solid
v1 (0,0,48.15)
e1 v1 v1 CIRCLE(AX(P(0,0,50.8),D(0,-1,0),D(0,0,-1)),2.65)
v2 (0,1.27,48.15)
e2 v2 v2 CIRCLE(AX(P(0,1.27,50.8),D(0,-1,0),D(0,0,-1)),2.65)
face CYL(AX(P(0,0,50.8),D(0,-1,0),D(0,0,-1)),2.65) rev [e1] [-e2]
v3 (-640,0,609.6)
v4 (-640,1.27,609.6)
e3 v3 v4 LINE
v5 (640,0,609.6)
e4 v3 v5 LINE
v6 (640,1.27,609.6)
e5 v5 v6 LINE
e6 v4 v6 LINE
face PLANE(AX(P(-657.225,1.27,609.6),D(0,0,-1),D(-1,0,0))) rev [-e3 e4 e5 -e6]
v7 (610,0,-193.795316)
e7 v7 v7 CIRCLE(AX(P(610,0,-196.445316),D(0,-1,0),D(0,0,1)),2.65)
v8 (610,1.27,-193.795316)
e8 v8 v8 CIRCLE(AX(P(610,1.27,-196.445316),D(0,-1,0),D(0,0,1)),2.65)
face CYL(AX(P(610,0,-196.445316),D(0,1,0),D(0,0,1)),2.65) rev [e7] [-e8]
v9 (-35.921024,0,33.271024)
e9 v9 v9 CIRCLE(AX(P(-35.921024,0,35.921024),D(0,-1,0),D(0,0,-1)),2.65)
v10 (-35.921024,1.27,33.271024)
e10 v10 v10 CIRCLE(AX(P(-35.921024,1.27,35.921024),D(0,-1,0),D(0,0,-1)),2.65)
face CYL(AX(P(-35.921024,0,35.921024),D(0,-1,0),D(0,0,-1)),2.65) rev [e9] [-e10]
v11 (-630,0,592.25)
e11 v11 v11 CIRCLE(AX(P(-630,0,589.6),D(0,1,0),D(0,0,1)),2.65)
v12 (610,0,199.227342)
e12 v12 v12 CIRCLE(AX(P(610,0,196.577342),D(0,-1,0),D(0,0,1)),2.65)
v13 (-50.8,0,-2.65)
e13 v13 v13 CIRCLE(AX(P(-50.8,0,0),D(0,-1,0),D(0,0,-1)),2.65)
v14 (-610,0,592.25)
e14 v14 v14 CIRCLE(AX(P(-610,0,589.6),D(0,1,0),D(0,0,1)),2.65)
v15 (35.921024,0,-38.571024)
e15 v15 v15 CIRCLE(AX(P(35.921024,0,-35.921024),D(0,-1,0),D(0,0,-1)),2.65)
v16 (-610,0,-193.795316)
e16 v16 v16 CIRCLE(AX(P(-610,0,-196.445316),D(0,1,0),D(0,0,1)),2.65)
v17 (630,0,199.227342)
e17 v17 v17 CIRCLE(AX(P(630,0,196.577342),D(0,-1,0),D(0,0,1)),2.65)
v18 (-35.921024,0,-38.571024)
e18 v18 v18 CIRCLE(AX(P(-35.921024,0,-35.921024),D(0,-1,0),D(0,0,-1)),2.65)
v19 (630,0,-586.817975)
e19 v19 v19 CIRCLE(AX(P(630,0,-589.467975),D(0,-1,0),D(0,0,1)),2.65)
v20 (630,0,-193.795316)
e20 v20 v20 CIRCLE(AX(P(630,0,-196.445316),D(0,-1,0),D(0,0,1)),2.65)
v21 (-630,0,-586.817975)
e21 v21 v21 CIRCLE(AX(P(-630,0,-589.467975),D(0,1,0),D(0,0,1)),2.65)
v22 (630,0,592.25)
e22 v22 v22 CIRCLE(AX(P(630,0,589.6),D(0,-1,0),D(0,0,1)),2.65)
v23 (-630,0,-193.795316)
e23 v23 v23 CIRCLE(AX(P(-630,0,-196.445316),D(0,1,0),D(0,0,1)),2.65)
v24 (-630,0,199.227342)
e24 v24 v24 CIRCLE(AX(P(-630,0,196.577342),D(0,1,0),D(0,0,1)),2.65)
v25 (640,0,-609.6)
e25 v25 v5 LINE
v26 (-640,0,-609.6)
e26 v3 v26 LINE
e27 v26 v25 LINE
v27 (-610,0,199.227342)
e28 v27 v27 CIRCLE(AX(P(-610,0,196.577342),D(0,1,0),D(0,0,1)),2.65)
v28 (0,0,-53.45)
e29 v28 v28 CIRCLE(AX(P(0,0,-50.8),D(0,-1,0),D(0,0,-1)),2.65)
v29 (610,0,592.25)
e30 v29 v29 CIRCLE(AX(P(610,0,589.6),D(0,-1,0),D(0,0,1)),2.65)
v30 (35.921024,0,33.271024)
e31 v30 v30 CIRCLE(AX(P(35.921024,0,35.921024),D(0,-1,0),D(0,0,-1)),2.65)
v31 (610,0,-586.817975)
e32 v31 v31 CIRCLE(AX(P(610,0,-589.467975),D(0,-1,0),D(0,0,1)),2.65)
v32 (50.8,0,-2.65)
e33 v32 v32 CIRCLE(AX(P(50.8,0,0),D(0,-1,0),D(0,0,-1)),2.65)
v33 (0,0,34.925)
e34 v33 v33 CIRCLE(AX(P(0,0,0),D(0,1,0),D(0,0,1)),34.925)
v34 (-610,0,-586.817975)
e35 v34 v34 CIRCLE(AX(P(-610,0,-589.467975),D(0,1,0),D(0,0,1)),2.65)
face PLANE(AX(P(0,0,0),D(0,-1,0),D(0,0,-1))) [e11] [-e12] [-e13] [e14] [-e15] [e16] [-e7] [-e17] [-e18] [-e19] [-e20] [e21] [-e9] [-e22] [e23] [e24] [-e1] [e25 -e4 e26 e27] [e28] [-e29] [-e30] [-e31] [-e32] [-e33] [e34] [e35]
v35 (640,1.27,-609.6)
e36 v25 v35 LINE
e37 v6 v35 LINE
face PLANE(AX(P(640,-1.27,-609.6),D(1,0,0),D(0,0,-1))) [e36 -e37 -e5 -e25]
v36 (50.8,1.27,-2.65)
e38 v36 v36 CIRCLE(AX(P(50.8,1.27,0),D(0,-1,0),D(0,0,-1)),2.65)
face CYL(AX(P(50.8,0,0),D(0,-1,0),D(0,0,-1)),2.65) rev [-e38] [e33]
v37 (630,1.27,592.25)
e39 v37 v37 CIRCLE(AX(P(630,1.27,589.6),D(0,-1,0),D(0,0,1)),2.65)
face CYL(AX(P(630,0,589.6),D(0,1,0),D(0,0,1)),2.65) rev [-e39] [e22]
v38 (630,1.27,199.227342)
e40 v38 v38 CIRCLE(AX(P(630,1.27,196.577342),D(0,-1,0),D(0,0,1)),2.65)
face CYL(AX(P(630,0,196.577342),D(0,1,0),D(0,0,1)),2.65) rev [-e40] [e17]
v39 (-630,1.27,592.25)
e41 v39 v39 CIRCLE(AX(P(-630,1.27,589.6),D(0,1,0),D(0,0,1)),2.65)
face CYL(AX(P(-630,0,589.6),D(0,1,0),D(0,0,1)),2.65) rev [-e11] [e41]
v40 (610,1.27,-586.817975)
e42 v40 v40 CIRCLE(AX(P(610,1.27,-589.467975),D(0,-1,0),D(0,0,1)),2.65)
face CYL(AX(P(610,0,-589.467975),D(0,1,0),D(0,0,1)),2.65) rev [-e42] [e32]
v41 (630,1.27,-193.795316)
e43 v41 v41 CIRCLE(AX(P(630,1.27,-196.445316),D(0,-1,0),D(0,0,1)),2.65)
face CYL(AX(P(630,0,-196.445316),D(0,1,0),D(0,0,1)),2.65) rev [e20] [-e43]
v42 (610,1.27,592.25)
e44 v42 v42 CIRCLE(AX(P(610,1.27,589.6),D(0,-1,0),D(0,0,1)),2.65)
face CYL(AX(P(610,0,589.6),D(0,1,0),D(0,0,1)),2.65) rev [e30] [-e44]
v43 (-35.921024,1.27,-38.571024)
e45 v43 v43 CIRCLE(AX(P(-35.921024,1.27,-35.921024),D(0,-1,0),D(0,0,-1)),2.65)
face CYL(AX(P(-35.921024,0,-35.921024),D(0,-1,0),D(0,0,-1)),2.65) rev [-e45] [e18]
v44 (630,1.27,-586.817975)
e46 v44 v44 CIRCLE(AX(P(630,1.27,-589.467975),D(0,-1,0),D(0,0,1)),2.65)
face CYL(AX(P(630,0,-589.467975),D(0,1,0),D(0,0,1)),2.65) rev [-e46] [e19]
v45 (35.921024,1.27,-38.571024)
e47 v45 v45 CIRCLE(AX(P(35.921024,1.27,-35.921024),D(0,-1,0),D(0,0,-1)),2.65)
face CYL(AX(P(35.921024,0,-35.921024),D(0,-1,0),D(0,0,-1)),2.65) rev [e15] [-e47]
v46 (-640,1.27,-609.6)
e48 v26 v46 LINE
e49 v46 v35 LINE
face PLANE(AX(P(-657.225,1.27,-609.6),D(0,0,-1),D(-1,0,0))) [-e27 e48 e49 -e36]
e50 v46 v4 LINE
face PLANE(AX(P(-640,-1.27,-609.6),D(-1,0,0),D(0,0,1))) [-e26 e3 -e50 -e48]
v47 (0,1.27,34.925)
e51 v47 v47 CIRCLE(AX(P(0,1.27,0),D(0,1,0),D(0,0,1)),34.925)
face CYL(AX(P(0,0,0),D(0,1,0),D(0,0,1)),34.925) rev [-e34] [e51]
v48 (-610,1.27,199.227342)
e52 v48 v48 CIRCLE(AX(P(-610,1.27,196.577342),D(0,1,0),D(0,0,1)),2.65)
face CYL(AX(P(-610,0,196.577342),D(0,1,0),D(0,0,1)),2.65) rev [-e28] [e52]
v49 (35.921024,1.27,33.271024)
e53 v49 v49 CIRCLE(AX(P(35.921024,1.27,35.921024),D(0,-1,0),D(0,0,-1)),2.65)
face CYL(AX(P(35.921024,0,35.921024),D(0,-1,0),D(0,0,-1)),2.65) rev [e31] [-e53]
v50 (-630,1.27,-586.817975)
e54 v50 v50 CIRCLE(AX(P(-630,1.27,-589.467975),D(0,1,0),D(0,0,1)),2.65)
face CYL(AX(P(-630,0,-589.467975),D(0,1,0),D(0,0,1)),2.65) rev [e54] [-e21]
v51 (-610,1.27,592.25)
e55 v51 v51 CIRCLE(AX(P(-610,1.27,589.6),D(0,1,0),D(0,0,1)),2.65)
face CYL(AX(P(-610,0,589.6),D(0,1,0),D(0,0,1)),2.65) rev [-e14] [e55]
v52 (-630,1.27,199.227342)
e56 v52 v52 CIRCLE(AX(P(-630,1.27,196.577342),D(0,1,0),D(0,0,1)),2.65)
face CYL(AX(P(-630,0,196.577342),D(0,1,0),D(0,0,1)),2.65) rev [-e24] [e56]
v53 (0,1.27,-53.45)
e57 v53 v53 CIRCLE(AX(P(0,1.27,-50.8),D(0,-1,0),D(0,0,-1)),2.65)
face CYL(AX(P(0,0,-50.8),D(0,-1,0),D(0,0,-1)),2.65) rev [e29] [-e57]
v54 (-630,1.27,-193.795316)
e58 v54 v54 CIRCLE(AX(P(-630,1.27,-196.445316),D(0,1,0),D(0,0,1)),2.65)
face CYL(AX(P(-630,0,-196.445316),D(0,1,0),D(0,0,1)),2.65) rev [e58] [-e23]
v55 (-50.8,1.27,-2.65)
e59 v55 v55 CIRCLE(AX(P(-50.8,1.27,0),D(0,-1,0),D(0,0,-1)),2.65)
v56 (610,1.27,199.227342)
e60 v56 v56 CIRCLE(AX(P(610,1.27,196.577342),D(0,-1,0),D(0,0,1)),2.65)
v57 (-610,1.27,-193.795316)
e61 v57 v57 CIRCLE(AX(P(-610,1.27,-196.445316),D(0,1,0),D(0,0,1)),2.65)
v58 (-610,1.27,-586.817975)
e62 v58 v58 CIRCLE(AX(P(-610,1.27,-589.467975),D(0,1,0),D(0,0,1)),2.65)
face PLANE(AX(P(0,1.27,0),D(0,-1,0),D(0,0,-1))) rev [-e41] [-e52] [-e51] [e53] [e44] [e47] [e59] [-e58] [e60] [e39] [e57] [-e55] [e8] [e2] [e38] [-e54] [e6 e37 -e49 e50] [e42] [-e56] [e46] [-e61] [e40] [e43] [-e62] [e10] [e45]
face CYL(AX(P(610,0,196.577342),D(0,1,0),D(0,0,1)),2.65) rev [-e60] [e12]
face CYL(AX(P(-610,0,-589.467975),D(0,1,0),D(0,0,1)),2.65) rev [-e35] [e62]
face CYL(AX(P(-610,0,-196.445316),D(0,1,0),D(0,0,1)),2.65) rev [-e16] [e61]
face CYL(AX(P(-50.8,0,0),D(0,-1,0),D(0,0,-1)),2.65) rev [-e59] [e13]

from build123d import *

# Parameters (mm, degrees)
SKETCH1_W               = 1314.45
SKETCH1_H               = 1219.2
BOSS_EXTRUDE1_DEPTH     = 1.27
SKETCH2_OUTSIDE_W       = 1675.016
SKETCH2_OUTSIDE_H       = 1579.766
SKETCH2_OUTSIDE_W_2     = 1280
SKETCH2_OUTSIDE_H_2     = 1219.2
CUT_EXTRUDE1_DEPTH      = 2.54
SKETCH3_R               = 2.65
CUT_EXTRUDE2_DEPTH      = 884.862983103
LPATTERN2_COUNT         = 4
LPATTERN2_PITCH         = 393.0226582
LPATTERN2_COUNT_DIR2    = 2
LPATTERN2_PITCH_DIR2    = 20
MIRROR1_COPY_1_SKETCH_R = 2.65
MIRROR1_COPY_1_DEPTH    = 884.862983103
MIRROR1_COPY_2_SKETCH_R = 2.65
MIRROR1_COPY_2_DEPTH    = 884.862983103
MIRROR1_COPY_3_SKETCH_R = 2.65
MIRROR1_COPY_3_DEPTH    = 884.862983103
MIRROR1_COPY_4_SKETCH_R = 2.65
MIRROR1_COPY_4_DEPTH    = 884.862983103
MIRROR1_COPY_5_SKETCH_R = 2.65
MIRROR1_COPY_5_DEPTH    = 884.862983103
MIRROR1_COPY_6_SKETCH_R = 2.65
MIRROR1_COPY_6_DEPTH    = 884.862983103
MIRROR1_COPY_7_SKETCH_R = 2.65
MIRROR1_COPY_7_DEPTH    = 884.862983103
MIRROR1_COPY_8_SKETCH_R = 2.65
MIRROR1_COPY_8_DEPTH    = 884.862983103
SKETCH5_R               = 34.925
CUT_EXTRUDE4_DEPTH      = 884.862983103
F_1_0MM_DOWEL_HOLE2_D   = 5.3
CIRPATTERN1_COUNT       = 8


with BuildPart() as part:
    # Sketch1 → Boss-Extrude1 (new body)
    with BuildSketch(Plane(origin=(0, 0, 0), x_dir=(1, 0, 0), z_dir=(0, 1, 0))):
        Rectangle(SKETCH1_W, SKETCH1_H)
    extrude(amount=BOSS_EXTRUDE1_DEPTH)

    # Sketch2 outside → Cut-Extrude1 (cut)
    with BuildSketch(Plane(origin=(0, 1.27, 0), x_dir=(1, 0, 0), z_dir=(0, 1, 0))):
        Rectangle(SKETCH2_OUTSIDE_W, SKETCH2_OUTSIDE_H)
        Rectangle(SKETCH2_OUTSIDE_W_2, SKETCH2_OUTSIDE_H_2, mode=Mode.SUBTRACT)
    extrude(amount=-CUT_EXTRUDE1_DEPTH, mode=Mode.SUBTRACT)

    # Sketch3 → Cut-Extrude2 (cut, through all)
    with BuildSketch(Plane(origin=(0, 1.27, 0), x_dir=(1, 0, 0), z_dir=(0, 1, 0))):
        with Locations((-630, -589.6)):
            Circle(SKETCH3_R)
    cut_extrude2 = extrude(amount=-CUT_EXTRUDE2_DEPTH, mode=Mode.SUBTRACT)

    # LPattern2: Cut-Extrude2 4 × 2
    with Locations(*[(j * LPATTERN2_PITCH_DIR2, 0, -i * LPATTERN2_PITCH) for i in range(LPATTERN2_COUNT) for j in range(LPATTERN2_COUNT_DIR2) if (i, j) != (0, 0)]):
        add(cut_extrude2, mode=Mode.SUBTRACT)

    # Mirror1 copy 1 sketch → Mirror1 copy 1 (cut, through all)
    with BuildSketch(Plane(origin=(-20, 1.27, 0), x_dir=(-1, 0, 0), z_dir=(0, 1, 0))):
        with Locations((-630, 589.6)):
            Circle(MIRROR1_COPY_1_SKETCH_R)
    extrude(amount=-MIRROR1_COPY_1_DEPTH, mode=Mode.SUBTRACT)

    # Mirror1 copy 2 sketch → Mirror1 copy 2 (cut, through all)
    with BuildSketch(Plane(origin=(0, 1.27, -393.0226582), x_dir=(-1, 0, 0), z_dir=(0, 1, 0))):
        with Locations((-630, 589.6)):
            Circle(MIRROR1_COPY_2_SKETCH_R)
    extrude(amount=-MIRROR1_COPY_2_DEPTH, mode=Mode.SUBTRACT)

    # Mirror1 copy 3 sketch → Mirror1 copy 3 (cut, through all)
    with BuildSketch(Plane(origin=(-20, 1.27, -393.0226582), x_dir=(-1, 0, 0), z_dir=(0, 1, 0))):
        with Locations((-630, 589.6)):
            Circle(MIRROR1_COPY_3_SKETCH_R)
    extrude(amount=-MIRROR1_COPY_3_DEPTH, mode=Mode.SUBTRACT)

    # Mirror1 copy 4 sketch → Mirror1 copy 4 (cut, through all)
    with BuildSketch(Plane(origin=(0, 1.27, -786.0453164), x_dir=(-1, 0, 0), z_dir=(0, 1, 0))):
        with Locations((-630, 589.6)):
            Circle(MIRROR1_COPY_4_SKETCH_R)
    extrude(amount=-MIRROR1_COPY_4_DEPTH, mode=Mode.SUBTRACT)

    # Mirror1 copy 5 sketch → Mirror1 copy 5 (cut, through all)
    with BuildSketch(Plane(origin=(-20, 1.27, -786.0453164), x_dir=(-1, 0, 0), z_dir=(0, 1, 0))):
        with Locations((-630, 589.6)):
            Circle(MIRROR1_COPY_5_SKETCH_R)
    extrude(amount=-MIRROR1_COPY_5_DEPTH, mode=Mode.SUBTRACT)

    # Mirror1 copy 6 sketch → Mirror1 copy 6 (cut, through all)
    with BuildSketch(Plane(origin=(0, 1.27, -1179.0679746), x_dir=(-1, 0, 0), z_dir=(0, 1, 0))):
        with Locations((-630, 589.6)):
            Circle(MIRROR1_COPY_6_SKETCH_R)
    extrude(amount=-MIRROR1_COPY_6_DEPTH, mode=Mode.SUBTRACT)

    # Mirror1 copy 7 sketch → Mirror1 copy 7 (cut, through all)
    with BuildSketch(Plane(origin=(-20, 1.27, -1179.0679746), x_dir=(-1, 0, 0), z_dir=(0, 1, 0))):
        with Locations((-630, 589.6)):
            Circle(MIRROR1_COPY_7_SKETCH_R)
    extrude(amount=-MIRROR1_COPY_7_DEPTH, mode=Mode.SUBTRACT)

    # Mirror1 copy 8 sketch → Mirror1 copy 8 (cut, through all)
    with BuildSketch(Plane(origin=(0, 1.27, 0), x_dir=(-1, 0, 0), z_dir=(0, 1, 0))):
        with Locations((-630, 589.6)):
            Circle(MIRROR1_COPY_8_SKETCH_R)
    extrude(amount=-MIRROR1_COPY_8_DEPTH, mode=Mode.SUBTRACT)

    # Sketch5 → Cut-Extrude4 (cut, through all)
    with BuildSketch(Plane(origin=(0, 1.27, 0), x_dir=(1, 0, 0), z_dir=(0, 1, 0))):
        Circle(SKETCH5_R)
    extrude(amount=-CUT_EXTRUDE4_DEPTH, mode=Mode.SUBTRACT)

    # Ø1.0mm Dowel Hole2 (through all)
    with Locations(Plane(origin=(0, 0, 0), x_dir=(-1, 0, 0), z_dir=(0, -1, 0))):
        with Locations((0, 50.8)):
            f_1_0mm_dowel_hole2 = Hole(F_1_0MM_DOWEL_HOLE2_D / 2)

    # CirPattern1: Ø1.0mm Dowel Hole2 ×8 about axis
    cirpattern1_axis = Axis((0, 1.3335, 0), (0, -1, 0))
    for i in range(1, CIRPATTERN1_COUNT):
        add(f_1_0mm_dowel_hole2.rotate(cirpattern1_axis, i * 360 / CIRPATTERN1_COUNT), mode=Mode.SUBTRACT)


solid = part.part
